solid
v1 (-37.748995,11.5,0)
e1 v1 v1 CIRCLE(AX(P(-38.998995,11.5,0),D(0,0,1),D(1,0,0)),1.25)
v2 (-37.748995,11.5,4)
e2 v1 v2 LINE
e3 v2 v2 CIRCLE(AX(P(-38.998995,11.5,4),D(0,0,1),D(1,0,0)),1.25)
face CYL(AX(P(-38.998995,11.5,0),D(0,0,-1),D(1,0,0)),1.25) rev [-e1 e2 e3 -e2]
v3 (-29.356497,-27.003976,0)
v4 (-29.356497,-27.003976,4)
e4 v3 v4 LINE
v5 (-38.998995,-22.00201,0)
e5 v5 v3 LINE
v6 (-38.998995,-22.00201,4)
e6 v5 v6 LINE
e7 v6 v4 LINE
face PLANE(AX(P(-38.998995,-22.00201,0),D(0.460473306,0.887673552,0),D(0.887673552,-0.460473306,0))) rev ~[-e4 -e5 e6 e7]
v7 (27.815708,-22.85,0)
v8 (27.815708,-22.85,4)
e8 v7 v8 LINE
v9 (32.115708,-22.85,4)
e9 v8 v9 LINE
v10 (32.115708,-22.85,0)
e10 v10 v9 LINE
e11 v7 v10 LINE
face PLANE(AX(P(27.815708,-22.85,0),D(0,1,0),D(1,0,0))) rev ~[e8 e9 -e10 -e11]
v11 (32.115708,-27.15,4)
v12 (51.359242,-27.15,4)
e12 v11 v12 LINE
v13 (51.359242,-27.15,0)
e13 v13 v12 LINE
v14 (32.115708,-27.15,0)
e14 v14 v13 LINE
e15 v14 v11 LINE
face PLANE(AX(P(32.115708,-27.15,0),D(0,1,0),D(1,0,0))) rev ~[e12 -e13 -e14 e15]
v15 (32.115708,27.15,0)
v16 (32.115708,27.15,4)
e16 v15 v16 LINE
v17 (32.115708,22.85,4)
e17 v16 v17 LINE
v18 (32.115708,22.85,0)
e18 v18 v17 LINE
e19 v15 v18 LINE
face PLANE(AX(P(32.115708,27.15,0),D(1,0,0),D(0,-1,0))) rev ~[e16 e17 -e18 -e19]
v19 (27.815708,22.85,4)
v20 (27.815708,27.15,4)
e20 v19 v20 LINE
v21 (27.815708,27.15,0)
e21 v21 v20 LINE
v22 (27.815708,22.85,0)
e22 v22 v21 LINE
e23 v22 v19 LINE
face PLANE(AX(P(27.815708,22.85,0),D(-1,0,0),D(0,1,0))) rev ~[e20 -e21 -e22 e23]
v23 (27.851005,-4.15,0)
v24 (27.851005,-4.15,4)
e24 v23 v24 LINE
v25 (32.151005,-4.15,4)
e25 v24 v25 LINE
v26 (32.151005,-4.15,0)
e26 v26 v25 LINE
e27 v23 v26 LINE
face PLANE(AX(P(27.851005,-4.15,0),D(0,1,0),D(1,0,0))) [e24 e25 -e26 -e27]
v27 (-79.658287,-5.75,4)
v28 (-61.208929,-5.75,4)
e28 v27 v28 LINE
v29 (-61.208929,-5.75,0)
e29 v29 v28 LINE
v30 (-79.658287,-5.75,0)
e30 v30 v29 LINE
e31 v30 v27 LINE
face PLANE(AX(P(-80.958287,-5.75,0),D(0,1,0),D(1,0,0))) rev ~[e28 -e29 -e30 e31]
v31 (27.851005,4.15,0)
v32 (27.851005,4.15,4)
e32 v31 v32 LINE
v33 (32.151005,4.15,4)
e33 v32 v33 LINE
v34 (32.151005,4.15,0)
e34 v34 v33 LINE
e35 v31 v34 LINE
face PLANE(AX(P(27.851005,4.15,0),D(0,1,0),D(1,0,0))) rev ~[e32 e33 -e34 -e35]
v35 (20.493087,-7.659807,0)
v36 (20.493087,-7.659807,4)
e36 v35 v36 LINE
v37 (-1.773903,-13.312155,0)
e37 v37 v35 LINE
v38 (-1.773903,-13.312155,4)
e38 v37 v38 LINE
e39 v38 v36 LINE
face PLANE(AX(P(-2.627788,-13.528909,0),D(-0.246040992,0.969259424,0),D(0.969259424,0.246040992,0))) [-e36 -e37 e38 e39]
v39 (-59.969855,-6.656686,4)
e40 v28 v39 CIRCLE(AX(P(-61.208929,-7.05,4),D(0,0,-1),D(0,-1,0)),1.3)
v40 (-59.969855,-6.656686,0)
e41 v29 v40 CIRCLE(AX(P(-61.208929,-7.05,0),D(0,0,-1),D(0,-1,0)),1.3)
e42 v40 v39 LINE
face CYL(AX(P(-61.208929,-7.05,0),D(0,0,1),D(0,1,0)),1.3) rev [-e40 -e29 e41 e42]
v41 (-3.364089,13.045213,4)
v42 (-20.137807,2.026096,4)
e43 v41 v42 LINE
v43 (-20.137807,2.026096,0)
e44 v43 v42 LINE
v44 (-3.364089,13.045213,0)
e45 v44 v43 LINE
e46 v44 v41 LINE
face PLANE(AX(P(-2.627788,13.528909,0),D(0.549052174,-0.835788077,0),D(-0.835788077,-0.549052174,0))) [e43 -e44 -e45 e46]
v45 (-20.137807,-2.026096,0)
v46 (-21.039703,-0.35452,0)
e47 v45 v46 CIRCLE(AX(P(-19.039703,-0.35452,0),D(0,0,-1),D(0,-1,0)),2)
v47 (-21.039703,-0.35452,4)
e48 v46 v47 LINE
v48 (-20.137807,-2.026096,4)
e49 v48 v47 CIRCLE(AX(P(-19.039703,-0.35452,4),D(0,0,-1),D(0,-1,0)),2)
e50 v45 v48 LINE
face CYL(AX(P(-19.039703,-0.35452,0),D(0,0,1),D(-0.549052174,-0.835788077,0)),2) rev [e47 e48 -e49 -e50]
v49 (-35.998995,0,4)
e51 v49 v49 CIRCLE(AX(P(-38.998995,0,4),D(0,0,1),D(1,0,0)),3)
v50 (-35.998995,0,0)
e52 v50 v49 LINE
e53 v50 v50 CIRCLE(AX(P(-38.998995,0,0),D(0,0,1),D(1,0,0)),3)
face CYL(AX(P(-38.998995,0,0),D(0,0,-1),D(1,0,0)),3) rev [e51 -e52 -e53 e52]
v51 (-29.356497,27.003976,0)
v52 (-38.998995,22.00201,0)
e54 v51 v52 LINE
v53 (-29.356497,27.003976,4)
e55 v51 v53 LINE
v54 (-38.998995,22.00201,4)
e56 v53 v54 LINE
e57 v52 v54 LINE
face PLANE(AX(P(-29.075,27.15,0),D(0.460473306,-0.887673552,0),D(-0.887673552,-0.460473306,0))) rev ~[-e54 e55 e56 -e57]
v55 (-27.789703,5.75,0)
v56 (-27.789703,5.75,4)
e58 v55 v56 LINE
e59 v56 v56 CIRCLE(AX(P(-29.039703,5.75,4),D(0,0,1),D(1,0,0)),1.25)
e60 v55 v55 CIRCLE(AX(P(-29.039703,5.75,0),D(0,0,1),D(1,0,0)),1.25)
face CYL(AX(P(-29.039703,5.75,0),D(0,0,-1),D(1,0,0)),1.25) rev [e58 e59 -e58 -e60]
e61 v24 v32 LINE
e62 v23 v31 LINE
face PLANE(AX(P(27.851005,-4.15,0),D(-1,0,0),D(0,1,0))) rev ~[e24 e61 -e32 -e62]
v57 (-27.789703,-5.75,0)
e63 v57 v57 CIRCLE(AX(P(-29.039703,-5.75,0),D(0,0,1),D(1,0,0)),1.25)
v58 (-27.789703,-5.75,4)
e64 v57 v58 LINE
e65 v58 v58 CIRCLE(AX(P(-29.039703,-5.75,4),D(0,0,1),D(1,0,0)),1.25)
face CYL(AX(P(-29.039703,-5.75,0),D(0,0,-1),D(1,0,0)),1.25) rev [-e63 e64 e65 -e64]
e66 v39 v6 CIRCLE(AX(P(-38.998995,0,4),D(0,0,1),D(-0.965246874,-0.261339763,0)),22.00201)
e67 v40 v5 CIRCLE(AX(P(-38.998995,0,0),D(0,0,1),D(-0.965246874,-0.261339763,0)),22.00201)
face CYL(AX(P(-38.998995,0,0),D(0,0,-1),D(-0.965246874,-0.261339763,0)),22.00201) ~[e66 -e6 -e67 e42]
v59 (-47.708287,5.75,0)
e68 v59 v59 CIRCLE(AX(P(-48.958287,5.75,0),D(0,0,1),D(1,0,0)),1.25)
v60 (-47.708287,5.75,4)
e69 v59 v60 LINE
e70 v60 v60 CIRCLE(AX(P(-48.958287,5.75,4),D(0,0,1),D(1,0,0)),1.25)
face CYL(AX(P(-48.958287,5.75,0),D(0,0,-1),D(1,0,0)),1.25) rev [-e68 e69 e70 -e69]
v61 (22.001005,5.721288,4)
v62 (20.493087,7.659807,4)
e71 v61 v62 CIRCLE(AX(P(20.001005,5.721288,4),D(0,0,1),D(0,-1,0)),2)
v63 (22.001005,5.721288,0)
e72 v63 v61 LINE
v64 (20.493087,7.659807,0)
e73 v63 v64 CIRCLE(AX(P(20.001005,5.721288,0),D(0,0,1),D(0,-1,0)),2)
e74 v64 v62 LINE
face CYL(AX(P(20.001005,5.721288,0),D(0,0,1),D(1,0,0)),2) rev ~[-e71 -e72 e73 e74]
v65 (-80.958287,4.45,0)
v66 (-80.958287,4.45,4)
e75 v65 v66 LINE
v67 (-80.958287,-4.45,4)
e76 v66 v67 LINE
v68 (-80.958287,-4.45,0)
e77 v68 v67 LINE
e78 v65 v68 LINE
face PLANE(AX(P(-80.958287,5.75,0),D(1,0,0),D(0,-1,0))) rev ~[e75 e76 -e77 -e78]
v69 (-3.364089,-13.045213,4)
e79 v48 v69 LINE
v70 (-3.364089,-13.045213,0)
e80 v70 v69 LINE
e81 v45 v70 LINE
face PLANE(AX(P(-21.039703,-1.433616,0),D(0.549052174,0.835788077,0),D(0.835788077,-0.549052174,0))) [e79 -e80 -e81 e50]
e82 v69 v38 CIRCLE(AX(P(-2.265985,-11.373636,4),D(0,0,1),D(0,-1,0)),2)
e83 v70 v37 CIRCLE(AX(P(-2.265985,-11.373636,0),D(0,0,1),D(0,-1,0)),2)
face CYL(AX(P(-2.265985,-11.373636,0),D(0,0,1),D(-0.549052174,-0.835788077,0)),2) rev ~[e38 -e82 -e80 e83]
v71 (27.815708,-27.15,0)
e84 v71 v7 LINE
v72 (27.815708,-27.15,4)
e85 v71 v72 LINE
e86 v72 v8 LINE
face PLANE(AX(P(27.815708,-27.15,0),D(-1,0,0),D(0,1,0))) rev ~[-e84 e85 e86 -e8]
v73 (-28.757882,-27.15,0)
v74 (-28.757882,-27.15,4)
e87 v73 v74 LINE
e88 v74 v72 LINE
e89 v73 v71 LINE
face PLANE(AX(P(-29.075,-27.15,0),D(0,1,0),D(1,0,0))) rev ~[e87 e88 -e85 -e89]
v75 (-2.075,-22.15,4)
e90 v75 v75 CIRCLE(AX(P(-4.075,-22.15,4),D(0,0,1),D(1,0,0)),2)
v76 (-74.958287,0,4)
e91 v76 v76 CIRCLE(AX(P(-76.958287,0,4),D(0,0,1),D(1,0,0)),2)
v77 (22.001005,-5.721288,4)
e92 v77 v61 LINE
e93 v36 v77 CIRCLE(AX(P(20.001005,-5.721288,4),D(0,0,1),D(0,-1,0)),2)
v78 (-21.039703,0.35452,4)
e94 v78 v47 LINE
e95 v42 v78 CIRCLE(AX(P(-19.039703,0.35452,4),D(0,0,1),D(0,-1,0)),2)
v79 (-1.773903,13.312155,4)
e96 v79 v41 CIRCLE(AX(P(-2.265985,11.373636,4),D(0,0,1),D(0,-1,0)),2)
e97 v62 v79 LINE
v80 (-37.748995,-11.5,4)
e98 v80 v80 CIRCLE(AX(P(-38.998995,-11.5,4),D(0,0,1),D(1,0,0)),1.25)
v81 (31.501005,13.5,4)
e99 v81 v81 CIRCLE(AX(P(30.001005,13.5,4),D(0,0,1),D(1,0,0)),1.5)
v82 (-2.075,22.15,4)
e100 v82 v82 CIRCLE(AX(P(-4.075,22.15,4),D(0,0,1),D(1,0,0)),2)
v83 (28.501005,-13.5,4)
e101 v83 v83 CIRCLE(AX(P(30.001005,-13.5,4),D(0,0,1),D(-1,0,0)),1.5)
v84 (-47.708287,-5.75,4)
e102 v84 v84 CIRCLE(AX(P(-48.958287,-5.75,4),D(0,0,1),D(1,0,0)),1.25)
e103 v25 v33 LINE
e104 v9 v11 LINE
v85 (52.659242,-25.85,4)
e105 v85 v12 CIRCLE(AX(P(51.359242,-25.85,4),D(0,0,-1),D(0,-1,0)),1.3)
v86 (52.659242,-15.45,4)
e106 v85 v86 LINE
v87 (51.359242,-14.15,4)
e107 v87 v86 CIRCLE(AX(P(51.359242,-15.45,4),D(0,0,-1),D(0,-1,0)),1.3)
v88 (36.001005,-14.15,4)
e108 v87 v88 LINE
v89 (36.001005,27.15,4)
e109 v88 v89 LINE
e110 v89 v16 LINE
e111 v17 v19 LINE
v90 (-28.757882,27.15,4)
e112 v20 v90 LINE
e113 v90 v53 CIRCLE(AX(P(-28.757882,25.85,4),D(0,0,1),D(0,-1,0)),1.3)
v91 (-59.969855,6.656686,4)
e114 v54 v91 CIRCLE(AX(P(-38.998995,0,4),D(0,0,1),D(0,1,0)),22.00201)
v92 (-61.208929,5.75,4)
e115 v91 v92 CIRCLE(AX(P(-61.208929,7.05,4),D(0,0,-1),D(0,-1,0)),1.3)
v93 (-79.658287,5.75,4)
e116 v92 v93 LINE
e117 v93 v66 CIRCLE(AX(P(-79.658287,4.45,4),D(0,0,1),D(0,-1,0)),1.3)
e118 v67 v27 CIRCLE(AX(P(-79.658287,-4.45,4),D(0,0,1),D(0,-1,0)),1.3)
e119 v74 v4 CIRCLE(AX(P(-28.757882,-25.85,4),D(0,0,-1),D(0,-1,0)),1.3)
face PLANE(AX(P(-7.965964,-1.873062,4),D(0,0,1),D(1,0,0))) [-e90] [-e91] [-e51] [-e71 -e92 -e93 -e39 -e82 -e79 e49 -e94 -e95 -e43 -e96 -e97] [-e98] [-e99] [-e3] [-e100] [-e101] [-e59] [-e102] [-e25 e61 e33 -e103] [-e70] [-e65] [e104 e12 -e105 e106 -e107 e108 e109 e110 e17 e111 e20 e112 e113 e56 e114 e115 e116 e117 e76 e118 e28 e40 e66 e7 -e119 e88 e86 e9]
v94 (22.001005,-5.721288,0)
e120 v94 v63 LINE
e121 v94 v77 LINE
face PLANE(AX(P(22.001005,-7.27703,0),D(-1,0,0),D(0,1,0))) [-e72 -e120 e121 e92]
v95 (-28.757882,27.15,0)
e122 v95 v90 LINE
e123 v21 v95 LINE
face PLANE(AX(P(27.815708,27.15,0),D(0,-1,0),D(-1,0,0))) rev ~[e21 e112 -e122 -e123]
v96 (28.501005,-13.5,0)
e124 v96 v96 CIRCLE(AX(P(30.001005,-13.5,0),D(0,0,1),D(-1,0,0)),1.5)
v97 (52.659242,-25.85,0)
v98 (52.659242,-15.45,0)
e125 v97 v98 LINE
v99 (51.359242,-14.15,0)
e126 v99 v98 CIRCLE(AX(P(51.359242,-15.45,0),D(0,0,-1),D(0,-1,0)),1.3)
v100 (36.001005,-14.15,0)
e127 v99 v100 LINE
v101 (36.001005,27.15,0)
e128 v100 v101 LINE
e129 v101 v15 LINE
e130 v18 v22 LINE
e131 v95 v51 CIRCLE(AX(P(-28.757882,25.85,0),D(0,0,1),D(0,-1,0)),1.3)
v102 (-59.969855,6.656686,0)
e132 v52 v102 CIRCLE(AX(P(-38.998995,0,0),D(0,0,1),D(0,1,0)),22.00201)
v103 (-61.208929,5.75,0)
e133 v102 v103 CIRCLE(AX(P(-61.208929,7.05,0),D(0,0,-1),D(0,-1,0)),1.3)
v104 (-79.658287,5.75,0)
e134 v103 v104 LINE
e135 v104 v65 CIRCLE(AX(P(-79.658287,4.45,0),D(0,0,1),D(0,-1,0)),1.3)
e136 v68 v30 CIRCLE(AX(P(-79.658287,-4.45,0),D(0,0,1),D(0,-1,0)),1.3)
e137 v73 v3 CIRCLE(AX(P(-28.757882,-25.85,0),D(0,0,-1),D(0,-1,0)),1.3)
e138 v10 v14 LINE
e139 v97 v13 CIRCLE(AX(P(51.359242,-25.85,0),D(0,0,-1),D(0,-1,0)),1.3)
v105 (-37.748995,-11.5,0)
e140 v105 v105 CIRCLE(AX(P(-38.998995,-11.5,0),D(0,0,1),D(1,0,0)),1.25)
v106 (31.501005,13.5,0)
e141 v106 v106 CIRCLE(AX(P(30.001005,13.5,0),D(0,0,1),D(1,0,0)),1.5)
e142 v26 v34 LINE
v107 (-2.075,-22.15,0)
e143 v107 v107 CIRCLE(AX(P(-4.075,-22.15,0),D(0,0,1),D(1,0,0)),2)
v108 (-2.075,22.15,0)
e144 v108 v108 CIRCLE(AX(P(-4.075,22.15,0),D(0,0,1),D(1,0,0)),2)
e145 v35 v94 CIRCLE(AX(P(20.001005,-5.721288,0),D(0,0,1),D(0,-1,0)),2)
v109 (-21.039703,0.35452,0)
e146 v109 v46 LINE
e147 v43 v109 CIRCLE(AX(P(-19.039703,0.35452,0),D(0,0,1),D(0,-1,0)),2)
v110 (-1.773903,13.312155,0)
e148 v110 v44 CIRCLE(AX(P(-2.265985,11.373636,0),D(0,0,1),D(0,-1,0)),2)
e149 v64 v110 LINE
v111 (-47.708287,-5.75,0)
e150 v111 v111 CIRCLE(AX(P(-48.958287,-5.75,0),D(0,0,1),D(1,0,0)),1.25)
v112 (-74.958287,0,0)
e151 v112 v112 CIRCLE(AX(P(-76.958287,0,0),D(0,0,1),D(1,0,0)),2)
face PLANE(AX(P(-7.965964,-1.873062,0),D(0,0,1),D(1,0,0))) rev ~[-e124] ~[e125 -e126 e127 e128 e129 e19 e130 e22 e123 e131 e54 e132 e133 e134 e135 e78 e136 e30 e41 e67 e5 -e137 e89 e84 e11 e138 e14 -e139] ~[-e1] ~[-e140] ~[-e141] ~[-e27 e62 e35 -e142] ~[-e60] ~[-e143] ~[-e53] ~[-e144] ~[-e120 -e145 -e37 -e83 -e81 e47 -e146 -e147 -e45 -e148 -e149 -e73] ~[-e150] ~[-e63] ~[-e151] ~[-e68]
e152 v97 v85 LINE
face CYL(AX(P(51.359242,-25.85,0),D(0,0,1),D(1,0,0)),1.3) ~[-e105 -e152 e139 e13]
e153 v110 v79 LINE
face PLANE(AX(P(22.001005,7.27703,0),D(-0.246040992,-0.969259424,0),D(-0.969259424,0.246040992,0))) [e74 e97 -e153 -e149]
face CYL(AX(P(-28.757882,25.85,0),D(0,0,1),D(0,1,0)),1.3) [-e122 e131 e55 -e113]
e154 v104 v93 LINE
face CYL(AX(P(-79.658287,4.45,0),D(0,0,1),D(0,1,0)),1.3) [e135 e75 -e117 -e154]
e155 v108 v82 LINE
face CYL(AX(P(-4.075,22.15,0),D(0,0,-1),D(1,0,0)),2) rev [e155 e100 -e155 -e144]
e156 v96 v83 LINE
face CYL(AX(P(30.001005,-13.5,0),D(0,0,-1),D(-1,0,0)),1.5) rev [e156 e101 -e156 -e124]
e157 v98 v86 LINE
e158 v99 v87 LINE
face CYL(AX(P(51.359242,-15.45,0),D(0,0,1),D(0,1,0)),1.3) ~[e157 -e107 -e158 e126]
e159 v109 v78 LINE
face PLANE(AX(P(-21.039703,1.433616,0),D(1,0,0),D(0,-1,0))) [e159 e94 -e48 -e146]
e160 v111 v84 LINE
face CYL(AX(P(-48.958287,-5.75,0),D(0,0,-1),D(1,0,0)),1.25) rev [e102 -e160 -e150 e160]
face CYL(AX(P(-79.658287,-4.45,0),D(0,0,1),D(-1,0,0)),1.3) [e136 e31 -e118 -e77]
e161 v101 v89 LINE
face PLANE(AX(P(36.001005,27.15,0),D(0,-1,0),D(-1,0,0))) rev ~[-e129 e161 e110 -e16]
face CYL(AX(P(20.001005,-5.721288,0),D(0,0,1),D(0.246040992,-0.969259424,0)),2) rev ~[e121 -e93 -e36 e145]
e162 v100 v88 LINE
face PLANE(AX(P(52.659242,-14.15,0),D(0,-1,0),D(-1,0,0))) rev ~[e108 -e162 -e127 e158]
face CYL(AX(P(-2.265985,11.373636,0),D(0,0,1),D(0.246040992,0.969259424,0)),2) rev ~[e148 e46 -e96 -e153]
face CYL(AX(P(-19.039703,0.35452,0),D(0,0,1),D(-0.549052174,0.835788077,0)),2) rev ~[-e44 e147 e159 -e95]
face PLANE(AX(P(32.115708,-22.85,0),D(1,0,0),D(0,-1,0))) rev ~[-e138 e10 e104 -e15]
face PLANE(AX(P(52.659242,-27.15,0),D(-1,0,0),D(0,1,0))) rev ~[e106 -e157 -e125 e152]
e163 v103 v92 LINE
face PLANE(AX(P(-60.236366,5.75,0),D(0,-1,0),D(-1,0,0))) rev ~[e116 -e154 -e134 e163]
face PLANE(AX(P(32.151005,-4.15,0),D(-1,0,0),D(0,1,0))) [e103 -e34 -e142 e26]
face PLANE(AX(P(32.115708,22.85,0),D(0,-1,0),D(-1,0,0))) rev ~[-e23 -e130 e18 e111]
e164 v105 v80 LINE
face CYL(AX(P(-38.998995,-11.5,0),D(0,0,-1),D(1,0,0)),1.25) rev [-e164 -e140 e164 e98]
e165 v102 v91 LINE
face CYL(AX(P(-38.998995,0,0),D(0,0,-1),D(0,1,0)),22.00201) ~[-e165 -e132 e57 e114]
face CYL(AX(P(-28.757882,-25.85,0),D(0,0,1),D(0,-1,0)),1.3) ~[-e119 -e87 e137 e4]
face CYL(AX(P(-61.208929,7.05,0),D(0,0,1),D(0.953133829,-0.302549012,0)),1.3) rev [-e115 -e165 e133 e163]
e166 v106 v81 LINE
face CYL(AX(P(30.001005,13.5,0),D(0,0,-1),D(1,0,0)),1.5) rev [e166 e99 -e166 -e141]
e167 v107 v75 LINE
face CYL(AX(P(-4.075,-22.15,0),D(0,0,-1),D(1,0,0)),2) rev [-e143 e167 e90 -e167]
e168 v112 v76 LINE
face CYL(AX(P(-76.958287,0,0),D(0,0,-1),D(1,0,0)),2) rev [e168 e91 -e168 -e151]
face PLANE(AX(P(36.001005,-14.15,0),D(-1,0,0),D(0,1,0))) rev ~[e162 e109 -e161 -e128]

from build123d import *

# Parameters (mm, degrees)
SKETCH_1_R      = 1.5
SKETCH_1_R_2    = 3
SKETCH_1_R_3    = 1.25
SKETCH_1_R_4    = 2
SKETCH_1_W      = 4.3
SKETCH_1_H      = 8.3
EXTRUDE_1_DEPTH = 4
FILLET_1_R      = 1.3
FILLET_2_R      = 2


with BuildPart() as part:
    # 草图1 → 凸台-拉伸1 (new body)
    with BuildSketch(Plane.XY):
        with BuildLine():
            Line((32.115707856, 27.15), (32.115707856, 22.85))
            Line((32.115707856, 22.85), (27.815707856, 22.85))
            Line((27.815707856, 22.85), (27.815707856, 27.15))
            Line((27.815707856, 27.15), (-29.075, 27.15))
            Line((-29.075, 27.15), (-38.998995168, 22.002009663))
            ThreePointArc((-38.998995168, 22.002009663), (-52.370174504, 17.472835843), (-60.236366221, 5.75))
            Line((-60.236366221, 5.75), (-80.958287312, 5.75))
            Line((-80.958287312, 5.75), (-80.958287312, -5.75))
            Line((-80.958287312, -5.75), (-60.236366221, -5.75))
            ThreePointArc((-60.236366221, -5.75), (-52.370174504, -17.472835843), (-38.998995168, -22.002009663))
            Line((-38.998995168, -22.002009663), (-29.075, -27.15))
            Line((-29.075, -27.15), (27.815707856, -27.15))
            Line((27.815707856, -27.15), (27.815707856, -22.85))
            Line((27.815707856, -22.85), (32.115707856, -22.85))
            Line((32.115707856, -22.85), (32.115707856, -27.15))
            Line((32.115707856, -27.15), (36.001004832, -27.15))
            Line((36.001004832, -27.15), (52.659242152, -27.15))
            Line((52.659242152, -27.15), (52.659242152, -14.15))
            Line((52.659242152, -14.15), (36.001004832, -14.15))
            Line((36.001004832, -14.15), (36.001004832, 27.15))
            Line((36.001004832, 27.15), (32.115707856, 27.15))
        make_face()
        with Locations((30.001004832, 13.5)):
            Circle(SKETCH_1_R, mode=Mode.SUBTRACT)
        with Locations(Location((30.001004832, -13.5, 0), (0, 0, 180))):
            Circle(SKETCH_1_R, mode=Mode.SUBTRACT)
        with Locations((-38.998995168, 0)):
            Circle(SKETCH_1_R_2, mode=Mode.SUBTRACT)
        with Locations((-38.998995168, -11.5)):
            Circle(SKETCH_1_R_3, mode=Mode.SUBTRACT)
        with Locations((-48.958287312, -5.75)):
            Circle(SKETCH_1_R_3, mode=Mode.SUBTRACT)
        with Locations((-48.958287312, 5.75)):
            Circle(SKETCH_1_R_3, mode=Mode.SUBTRACT)
        with Locations((-38.998995168, 11.5)):
            Circle(SKETCH_1_R_3, mode=Mode.SUBTRACT)
        with Locations((-29.039703025, 5.75)):
            Circle(SKETCH_1_R_3, mode=Mode.SUBTRACT)
        with Locations((-29.039703025, -5.75)):
            Circle(SKETCH_1_R_3, mode=Mode.SUBTRACT)
        with Locations((-4.075, -22.15)):
            Circle(SKETCH_1_R_4, mode=Mode.SUBTRACT)
        with Locations((-4.075, 22.15)):
            Circle(SKETCH_1_R_4, mode=Mode.SUBTRACT)
        with Locations((-76.958287312, 0)):
            Circle(SKETCH_1_R_4, mode=Mode.SUBTRACT)
        with Locations((30.001004832, 0)):
            Rectangle(SKETCH_1_W, SKETCH_1_H, mode=Mode.SUBTRACT)
        Polygon((-21.039703025, -1.433615613), (-2.627787708, -13.528909152), (22.001004832, -7.277030256), (22.001004832, 7.277030256), (-2.627787708, 13.528909152), (-21.039703025, 1.433615613), align=None, mode=Mode.SUBTRACT)
    extrude(amount=EXTRUDE_1_DEPTH)

    # 圆角1
    fillet_1_edges = [part.edges().sort_by_distance(p)[0] for p in [
        (-29.075, -27.15, 2),
        (-60.236366221, -5.75, 2),
        (-80.958287312, -5.75, 2),
        (-80.958287312, 5.75, 2),
        (-60.236366221, 5.75, 2),
        (-29.075, 27.15, 2),
        (52.659242152, -14.15, 2),
        (52.659242152, -27.15, 2),
    ]]
    fillet(fillet_1_edges, radius=FILLET_1_R)

    # 圆角2
    fillet_2_edges = [part.edges().sort_by_distance(p)[0] for p in [
        (-21.039703025, 1.433615613, 2),
        (-21.039703025, -1.433615613, 2),
        (-2.627787708, -13.528909152, 2),
        (22.001004832, -7.277030256, 2),
        (22.001004832, 7.277030256, 2),
        (-2.627787708, 13.528909152, 2),
    ]]
    fillet(fillet_2_edges, radius=FILLET_2_R)


solid = part.part
